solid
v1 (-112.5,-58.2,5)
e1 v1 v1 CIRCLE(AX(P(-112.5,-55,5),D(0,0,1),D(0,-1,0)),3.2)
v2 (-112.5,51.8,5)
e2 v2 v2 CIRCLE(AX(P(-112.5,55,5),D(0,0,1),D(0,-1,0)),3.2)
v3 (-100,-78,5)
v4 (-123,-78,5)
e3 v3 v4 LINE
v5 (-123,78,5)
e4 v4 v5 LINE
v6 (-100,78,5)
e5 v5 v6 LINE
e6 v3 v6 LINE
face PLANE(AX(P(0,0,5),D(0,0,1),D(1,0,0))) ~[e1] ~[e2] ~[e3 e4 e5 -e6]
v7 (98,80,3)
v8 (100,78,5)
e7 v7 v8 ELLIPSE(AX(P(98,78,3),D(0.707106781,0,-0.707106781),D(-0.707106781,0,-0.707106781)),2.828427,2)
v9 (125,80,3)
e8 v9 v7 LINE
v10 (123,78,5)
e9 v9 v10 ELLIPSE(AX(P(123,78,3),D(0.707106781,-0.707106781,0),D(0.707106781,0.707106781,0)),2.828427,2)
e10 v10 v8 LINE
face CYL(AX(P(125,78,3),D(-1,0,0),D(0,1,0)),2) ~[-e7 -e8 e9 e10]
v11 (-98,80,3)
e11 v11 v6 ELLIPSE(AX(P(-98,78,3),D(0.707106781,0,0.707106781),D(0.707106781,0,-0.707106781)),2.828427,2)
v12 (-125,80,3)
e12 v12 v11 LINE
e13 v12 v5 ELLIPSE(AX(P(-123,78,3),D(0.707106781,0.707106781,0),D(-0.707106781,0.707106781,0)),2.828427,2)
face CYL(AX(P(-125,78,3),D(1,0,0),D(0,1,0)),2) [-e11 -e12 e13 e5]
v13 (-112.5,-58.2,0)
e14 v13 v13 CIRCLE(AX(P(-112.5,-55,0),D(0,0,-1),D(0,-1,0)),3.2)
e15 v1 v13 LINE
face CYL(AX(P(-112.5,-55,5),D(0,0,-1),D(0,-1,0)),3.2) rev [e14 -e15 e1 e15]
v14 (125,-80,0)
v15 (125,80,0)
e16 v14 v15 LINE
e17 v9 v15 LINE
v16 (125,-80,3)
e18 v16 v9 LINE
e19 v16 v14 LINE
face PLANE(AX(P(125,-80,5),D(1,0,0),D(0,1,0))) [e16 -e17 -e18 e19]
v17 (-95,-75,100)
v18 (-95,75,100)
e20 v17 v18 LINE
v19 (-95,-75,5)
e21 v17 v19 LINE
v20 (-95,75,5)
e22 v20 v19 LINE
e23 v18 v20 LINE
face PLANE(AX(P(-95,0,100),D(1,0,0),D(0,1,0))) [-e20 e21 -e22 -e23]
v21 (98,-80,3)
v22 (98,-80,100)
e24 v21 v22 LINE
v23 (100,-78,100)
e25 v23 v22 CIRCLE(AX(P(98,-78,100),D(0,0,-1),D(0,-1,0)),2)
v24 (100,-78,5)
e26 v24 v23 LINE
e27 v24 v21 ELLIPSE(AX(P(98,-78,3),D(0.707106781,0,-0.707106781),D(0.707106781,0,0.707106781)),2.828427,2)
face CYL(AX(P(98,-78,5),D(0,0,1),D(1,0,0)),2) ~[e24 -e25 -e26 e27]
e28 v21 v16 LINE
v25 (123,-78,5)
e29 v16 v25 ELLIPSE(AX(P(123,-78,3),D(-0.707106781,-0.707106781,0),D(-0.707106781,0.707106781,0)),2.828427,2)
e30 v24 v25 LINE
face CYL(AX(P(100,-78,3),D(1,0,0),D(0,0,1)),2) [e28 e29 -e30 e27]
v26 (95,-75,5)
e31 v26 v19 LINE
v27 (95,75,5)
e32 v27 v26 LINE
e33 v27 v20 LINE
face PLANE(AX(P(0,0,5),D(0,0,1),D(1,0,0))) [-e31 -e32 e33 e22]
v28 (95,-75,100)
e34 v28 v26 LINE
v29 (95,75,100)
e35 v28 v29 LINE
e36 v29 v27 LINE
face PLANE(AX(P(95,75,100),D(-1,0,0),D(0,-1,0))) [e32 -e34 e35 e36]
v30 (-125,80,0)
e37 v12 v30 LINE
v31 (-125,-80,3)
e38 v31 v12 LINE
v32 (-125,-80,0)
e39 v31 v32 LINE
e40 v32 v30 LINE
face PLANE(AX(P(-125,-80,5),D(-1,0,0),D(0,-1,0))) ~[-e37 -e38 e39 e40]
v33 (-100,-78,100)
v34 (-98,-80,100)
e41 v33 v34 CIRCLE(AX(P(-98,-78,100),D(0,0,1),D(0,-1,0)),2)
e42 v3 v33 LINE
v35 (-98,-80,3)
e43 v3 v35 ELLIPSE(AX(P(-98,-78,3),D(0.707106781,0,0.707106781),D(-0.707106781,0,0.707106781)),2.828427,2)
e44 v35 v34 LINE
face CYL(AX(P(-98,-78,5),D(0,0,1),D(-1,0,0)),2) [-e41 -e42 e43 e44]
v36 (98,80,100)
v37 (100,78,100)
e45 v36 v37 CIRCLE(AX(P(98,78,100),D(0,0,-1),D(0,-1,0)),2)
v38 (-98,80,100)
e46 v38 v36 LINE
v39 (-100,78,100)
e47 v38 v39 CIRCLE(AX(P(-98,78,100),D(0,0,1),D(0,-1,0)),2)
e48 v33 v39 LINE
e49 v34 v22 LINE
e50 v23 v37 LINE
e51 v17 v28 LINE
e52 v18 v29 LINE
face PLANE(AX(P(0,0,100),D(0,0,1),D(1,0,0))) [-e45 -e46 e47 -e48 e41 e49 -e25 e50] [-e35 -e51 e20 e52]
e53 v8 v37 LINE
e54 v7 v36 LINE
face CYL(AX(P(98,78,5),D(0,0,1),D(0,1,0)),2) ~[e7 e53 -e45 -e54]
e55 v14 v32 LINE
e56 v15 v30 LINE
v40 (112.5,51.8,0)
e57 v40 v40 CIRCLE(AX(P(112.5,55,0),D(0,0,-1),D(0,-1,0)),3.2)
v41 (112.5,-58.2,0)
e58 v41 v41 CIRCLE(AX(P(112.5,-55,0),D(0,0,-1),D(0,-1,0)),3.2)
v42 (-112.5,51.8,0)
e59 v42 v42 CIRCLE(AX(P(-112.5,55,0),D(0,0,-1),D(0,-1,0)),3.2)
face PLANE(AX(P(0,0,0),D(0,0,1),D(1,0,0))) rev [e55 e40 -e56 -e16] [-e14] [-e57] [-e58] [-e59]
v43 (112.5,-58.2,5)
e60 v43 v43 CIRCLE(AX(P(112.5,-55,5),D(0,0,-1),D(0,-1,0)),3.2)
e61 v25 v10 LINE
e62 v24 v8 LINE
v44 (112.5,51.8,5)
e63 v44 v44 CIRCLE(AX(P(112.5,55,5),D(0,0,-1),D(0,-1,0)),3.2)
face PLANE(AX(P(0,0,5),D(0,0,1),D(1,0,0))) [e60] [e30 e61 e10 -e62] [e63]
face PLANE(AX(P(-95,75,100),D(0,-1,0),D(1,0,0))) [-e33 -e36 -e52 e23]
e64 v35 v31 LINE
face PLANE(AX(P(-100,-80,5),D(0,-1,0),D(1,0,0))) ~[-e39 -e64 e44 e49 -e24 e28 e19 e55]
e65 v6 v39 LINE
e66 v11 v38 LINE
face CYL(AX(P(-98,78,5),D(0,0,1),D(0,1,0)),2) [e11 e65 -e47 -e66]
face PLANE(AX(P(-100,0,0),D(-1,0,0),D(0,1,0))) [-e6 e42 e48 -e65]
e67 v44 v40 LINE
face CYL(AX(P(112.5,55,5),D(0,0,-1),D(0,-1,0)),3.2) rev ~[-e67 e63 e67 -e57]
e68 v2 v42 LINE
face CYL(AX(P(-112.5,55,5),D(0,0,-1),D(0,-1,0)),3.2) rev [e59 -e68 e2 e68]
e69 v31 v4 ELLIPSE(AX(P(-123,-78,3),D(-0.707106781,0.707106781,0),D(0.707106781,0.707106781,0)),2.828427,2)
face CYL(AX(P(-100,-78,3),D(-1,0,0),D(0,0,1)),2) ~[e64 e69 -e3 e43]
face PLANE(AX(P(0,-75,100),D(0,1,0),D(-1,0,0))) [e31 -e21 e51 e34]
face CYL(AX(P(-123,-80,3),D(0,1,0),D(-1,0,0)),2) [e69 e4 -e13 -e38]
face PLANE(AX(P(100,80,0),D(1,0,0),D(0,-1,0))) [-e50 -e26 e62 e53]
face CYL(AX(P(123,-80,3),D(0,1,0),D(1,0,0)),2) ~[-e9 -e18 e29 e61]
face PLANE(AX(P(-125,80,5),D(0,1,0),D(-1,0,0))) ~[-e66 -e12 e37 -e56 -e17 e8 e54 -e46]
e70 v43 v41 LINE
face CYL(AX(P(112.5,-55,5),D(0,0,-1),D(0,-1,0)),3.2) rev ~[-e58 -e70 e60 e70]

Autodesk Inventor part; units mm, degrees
sketch "Skizze1" plane through (0, 0, 0) normal (0, 0, 1) x (1, 0, 0)
  line L0 (-100, 80) -> (100, 80)
  line L1 (100, 80) -> (100, -80)
  line L2 (100, -80) -> (-100, -80)
  line L3 (-100, -80) -> (-100, 80)
  line L4 (0, -112) -> (0, 112) projected
  line L5 (-140, 0) -> (140, 0) projected
  point P0 (0, 0)
  dimension "d0" = 160
  dimension "d1" = 200
extrude "Extrusion1" add sketch "Skizze1" along normal blind 100
sketch "Skizze2" plane through (0, 0, 100) normal (0, 0, 1) x (1, 0, 0)
  line L0 (-95, 75) -> (95, 75)
  line L1 (95, 75) -> (95, -75)
  line L2 (95, -75) -> (-95, -75)
  line L3 (-95, -75) -> (-95, 75)
  line L4 (0, -112) -> (0, 112) projected
  line L5 (-140, 0) -> (140, 0) projected
  point P0 (0, 0)
  dimension "d4" = 150
  dimension "d5" = 190
extrude "Extrusion2" cut sketch "Skizze2" against normal blind 95
sketch "Skizze3" plane through (0, 0, 5) normal (0, 0, 1) x (1, 0, 0)
  line L0 (100, -80) -> (100, 80) projected
  line L1 (100, -80) -> (125, -80)
  line L2 (125, -80) -> (125, 80)
  line L3 (125, 80) -> (100, 80)
  line L4 (100, 80) -> (100, -80)
  point P0 (0, 0)
extrude "Extrusion3" add sketch "Skizze3" against normal blind 5
sketch "Skizze4" plane through (0, 0, 5) normal (0, 0, 1) x (1, 0, 0)
  point P0 (0, 0)
sketch "Skizze5" plane through (0, 0, 5) normal (0, 0, 1) x (1, 0, 0)
  line L0 (100, -80) -> (100, 80) projected
  line L1 (100, -80) -> (125, -80) projected
  line L2 (125, -80) -> (125, 80) projected
  line L3 (125, 80) -> (100, 80) projected
  point P0 (0, 0)
  point P1 (112.5, 55)
  point P2 (112.5, -55)
hole "Bohrung2" at (112.5, 55, 5) at (112.5, -55, 5) direction (0, 0, -1) diameter 6.4 depth 8 tip angle 118
mirror "Spiegeln1" about plane through (0, 0, 0) normal (1, 0, 0) of "Extrusion3", "Bohrung2"
fillet "Rundung1" radius 2 10 edges at (125, 0, 5) (-125, 0, 5) (-112.5, -80, 5) (-100, -80, 52.5) (112.5, -80, 5) (100, -80, 52.5) (112.5, 80, 5) (-112.5, 80, 5) (-100, 80, 52.5) (100, 80, 52.5)
properties part number "Box"
